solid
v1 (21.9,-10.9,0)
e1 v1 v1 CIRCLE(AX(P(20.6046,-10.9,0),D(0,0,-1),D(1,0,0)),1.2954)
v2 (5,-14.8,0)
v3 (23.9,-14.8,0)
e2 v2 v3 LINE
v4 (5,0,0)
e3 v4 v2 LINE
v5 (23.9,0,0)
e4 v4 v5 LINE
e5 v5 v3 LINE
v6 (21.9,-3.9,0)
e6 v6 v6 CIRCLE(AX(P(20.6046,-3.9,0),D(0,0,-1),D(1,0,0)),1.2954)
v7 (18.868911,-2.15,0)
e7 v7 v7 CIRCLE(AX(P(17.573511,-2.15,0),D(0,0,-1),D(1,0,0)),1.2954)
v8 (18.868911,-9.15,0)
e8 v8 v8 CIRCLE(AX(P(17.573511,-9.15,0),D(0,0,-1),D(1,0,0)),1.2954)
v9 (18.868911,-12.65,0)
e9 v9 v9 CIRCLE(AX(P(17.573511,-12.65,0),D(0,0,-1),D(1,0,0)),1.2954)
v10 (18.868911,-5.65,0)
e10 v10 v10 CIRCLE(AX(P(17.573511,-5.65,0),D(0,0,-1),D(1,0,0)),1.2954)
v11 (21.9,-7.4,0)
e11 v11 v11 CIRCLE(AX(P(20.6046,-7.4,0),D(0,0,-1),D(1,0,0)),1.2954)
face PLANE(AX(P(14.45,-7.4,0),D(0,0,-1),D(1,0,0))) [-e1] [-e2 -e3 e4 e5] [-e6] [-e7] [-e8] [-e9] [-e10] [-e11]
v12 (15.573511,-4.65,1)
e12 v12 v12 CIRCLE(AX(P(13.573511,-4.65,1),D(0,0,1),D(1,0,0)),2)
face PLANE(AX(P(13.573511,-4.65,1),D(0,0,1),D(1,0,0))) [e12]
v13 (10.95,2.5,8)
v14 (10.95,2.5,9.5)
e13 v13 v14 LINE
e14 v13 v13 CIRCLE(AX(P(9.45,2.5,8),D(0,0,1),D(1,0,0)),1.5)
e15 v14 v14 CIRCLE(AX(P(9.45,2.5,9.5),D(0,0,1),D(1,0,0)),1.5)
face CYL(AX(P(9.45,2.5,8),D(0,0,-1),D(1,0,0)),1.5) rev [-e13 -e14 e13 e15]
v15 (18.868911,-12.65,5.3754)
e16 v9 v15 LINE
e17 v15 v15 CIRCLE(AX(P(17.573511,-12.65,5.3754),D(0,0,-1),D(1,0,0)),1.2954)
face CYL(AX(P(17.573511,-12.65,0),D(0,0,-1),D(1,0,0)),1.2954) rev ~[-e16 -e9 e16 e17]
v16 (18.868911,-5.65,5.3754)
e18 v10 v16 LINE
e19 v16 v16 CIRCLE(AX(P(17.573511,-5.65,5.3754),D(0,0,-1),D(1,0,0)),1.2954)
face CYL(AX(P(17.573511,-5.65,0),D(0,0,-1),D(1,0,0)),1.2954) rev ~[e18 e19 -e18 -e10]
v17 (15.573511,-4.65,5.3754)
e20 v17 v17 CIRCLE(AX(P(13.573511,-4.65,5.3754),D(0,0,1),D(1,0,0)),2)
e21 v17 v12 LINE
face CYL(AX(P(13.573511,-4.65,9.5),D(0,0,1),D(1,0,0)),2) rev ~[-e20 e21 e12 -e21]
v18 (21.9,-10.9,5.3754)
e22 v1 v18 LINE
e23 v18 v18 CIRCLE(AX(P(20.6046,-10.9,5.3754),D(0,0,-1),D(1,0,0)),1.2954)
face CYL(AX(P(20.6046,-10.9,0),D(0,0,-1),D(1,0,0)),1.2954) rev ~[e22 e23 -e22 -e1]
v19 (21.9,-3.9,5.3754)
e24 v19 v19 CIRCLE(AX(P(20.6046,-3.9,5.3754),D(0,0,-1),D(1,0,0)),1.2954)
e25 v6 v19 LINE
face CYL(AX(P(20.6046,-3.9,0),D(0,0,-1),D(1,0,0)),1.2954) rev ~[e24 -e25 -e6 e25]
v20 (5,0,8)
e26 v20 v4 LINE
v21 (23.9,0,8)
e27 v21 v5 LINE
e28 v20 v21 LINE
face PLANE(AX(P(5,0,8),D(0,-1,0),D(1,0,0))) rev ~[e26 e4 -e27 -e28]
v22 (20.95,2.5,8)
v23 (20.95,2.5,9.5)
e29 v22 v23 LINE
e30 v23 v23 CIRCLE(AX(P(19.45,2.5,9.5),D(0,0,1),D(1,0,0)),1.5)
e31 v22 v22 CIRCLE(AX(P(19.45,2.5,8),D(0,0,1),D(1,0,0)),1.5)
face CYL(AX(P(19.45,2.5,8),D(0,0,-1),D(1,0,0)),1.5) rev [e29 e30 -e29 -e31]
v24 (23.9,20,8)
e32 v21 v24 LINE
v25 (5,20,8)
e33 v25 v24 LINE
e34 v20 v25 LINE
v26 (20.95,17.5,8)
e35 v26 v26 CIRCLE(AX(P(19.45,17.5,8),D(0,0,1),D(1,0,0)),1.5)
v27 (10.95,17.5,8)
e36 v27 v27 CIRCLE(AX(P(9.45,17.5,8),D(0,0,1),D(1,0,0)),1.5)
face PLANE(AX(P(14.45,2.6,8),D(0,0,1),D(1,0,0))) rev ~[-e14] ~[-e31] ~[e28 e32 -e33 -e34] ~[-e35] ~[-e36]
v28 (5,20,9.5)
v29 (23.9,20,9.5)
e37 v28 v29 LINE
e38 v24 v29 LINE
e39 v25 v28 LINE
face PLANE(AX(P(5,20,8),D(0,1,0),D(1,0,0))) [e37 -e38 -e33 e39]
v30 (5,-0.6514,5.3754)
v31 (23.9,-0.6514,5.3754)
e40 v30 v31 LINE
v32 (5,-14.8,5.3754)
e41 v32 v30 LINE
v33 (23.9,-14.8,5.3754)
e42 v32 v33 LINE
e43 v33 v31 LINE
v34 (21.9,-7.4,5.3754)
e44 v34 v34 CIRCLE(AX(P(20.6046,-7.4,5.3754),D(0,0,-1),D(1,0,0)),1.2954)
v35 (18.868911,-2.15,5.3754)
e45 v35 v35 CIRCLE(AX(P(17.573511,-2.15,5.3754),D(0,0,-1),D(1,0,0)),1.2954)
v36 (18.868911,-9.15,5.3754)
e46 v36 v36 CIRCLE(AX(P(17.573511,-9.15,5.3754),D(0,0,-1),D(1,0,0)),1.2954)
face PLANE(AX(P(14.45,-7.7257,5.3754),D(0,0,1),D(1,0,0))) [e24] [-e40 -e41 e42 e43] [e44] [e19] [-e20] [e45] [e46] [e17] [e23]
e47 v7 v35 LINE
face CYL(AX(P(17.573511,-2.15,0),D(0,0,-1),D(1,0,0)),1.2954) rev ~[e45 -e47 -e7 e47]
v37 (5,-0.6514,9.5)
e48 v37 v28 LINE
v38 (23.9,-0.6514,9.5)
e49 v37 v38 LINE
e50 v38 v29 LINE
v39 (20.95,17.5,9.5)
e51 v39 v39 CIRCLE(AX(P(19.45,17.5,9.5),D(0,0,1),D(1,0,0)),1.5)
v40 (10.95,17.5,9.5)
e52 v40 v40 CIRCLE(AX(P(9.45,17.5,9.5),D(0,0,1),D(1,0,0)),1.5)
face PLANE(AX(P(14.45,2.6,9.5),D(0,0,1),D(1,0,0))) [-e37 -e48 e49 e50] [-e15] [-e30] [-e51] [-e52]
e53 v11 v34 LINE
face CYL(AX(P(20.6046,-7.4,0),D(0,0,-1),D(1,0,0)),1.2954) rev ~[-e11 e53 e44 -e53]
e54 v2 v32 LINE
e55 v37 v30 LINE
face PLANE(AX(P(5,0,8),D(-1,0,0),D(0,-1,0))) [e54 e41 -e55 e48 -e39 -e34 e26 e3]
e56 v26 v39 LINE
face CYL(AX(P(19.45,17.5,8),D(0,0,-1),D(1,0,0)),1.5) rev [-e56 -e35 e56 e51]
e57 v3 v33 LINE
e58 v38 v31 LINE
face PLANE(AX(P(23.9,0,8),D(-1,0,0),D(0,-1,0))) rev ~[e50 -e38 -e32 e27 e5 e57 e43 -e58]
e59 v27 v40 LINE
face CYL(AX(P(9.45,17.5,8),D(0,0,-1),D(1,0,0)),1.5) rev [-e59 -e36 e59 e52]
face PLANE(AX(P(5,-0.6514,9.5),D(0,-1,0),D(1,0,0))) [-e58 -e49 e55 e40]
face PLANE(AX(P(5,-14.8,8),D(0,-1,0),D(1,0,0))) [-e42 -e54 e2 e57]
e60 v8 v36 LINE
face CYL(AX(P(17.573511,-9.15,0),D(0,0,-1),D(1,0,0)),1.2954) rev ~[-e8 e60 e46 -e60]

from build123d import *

# Parameters (mm, degrees)
SKETCH_W        = 18.9
SKETCH_H        = 34.8
SKETCH_R        = 1.5
PAD_DEPTH       = 1.5
SKETCH001_W     = 18.9
SKETCH001_H     = 14.8
PAD001_DEPTH    = 8
SKETCH002_R     = 1.2954
POCKET_DEPTH    = 9.501
SKETCH003_R     = 2
POCKET001_DEPTH = 8.5
SKETCH004_R     = 1.5
POCKET002_DEPTH = 1.001
SKETCH005_W     = 18.9
SKETCH005_H     = 14.1486
POCKET003_DEPTH = 4.1246


with BuildPart() as part:
    # Sketch (on Face6 of Binder) → Pad (new body)
    with BuildSketch(Plane.XY.offset(8)):
        with Locations((14.45, 2.6)):
            Rectangle(SKETCH_W, SKETCH_H)
        with Locations((9.45, 17.5)):
            Circle(SKETCH_R, mode=Mode.SUBTRACT)
        with Locations((9.45, 2.5)):
            Circle(SKETCH_R, mode=Mode.SUBTRACT)
        with Locations((19.45, 2.5)):
            Circle(SKETCH_R, mode=Mode.SUBTRACT)
        with Locations((19.45, 17.5)):
            Circle(SKETCH_R, mode=Mode.SUBTRACT)
    extrude(amount=PAD_DEPTH)

    # Sketch001 (on Face9 of Pad) → Pad001 (join)
    with BuildSketch(Plane(origin=(0, 0, 8), x_dir=(1, 0, 0), z_dir=(0, 0, -1))):
        with Locations((14.45, 7.4)):
            Rectangle(SKETCH001_W, SKETCH001_H)
    extrude(amount=PAD001_DEPTH)

    # Sketch002 (on Face15 of Pad001) → Pocket (cut, through all)
    with BuildSketch(Plane(origin=(0, 0, 0), x_dir=(1, 0, 0), z_dir=(0, 0, -1))):
        with Locations((17.573511, 2.15)):
            Circle(SKETCH002_R)
        with Locations((20.6046, 3.9)):
            Circle(SKETCH002_R)
        with Locations((17.573511, 5.65)):
            Circle(SKETCH002_R)
        with Locations((17.573511, 9.15)):
            Circle(SKETCH002_R)
        with Locations((20.6046, 10.9)):
            Circle(SKETCH002_R)
        with Locations((20.6046, 7.4)):
            Circle(SKETCH002_R)
        with Locations((17.573511, 12.65)):
            Circle(SKETCH002_R)
    extrude(amount=-POCKET_DEPTH, mode=Mode.SUBTRACT)

    # Sketch003 (on Face5 of Pocket) → Pocket001 (cut)
    with BuildSketch(Plane.XY.offset(9.5)):
        with Locations((13.573511, -4.65)):
            Circle(SKETCH003_R)
    extrude(amount=-POCKET001_DEPTH, mode=Mode.SUBTRACT)

    # Sketch004 (on Face24 of Pocket001) → Pocket002 (cut, through all)
    with BuildSketch(Plane.XY.offset(1)):
        with Locations((9.45, 2.5)):
            Circle(SKETCH004_R)
    extrude(amount=-POCKET002_DEPTH, mode=Mode.SUBTRACT)

    # Sketch005 (on Face5 of Pocket002) → Pocket003 (cut)
    with BuildSketch(Plane.XY.offset(9.5)):
        with Locations((14.45, -7.7257)):
            Rectangle(SKETCH005_W, SKETCH005_H)
    extrude(amount=-POCKET003_DEPTH, mode=Mode.SUBTRACT)


solid = part.part
